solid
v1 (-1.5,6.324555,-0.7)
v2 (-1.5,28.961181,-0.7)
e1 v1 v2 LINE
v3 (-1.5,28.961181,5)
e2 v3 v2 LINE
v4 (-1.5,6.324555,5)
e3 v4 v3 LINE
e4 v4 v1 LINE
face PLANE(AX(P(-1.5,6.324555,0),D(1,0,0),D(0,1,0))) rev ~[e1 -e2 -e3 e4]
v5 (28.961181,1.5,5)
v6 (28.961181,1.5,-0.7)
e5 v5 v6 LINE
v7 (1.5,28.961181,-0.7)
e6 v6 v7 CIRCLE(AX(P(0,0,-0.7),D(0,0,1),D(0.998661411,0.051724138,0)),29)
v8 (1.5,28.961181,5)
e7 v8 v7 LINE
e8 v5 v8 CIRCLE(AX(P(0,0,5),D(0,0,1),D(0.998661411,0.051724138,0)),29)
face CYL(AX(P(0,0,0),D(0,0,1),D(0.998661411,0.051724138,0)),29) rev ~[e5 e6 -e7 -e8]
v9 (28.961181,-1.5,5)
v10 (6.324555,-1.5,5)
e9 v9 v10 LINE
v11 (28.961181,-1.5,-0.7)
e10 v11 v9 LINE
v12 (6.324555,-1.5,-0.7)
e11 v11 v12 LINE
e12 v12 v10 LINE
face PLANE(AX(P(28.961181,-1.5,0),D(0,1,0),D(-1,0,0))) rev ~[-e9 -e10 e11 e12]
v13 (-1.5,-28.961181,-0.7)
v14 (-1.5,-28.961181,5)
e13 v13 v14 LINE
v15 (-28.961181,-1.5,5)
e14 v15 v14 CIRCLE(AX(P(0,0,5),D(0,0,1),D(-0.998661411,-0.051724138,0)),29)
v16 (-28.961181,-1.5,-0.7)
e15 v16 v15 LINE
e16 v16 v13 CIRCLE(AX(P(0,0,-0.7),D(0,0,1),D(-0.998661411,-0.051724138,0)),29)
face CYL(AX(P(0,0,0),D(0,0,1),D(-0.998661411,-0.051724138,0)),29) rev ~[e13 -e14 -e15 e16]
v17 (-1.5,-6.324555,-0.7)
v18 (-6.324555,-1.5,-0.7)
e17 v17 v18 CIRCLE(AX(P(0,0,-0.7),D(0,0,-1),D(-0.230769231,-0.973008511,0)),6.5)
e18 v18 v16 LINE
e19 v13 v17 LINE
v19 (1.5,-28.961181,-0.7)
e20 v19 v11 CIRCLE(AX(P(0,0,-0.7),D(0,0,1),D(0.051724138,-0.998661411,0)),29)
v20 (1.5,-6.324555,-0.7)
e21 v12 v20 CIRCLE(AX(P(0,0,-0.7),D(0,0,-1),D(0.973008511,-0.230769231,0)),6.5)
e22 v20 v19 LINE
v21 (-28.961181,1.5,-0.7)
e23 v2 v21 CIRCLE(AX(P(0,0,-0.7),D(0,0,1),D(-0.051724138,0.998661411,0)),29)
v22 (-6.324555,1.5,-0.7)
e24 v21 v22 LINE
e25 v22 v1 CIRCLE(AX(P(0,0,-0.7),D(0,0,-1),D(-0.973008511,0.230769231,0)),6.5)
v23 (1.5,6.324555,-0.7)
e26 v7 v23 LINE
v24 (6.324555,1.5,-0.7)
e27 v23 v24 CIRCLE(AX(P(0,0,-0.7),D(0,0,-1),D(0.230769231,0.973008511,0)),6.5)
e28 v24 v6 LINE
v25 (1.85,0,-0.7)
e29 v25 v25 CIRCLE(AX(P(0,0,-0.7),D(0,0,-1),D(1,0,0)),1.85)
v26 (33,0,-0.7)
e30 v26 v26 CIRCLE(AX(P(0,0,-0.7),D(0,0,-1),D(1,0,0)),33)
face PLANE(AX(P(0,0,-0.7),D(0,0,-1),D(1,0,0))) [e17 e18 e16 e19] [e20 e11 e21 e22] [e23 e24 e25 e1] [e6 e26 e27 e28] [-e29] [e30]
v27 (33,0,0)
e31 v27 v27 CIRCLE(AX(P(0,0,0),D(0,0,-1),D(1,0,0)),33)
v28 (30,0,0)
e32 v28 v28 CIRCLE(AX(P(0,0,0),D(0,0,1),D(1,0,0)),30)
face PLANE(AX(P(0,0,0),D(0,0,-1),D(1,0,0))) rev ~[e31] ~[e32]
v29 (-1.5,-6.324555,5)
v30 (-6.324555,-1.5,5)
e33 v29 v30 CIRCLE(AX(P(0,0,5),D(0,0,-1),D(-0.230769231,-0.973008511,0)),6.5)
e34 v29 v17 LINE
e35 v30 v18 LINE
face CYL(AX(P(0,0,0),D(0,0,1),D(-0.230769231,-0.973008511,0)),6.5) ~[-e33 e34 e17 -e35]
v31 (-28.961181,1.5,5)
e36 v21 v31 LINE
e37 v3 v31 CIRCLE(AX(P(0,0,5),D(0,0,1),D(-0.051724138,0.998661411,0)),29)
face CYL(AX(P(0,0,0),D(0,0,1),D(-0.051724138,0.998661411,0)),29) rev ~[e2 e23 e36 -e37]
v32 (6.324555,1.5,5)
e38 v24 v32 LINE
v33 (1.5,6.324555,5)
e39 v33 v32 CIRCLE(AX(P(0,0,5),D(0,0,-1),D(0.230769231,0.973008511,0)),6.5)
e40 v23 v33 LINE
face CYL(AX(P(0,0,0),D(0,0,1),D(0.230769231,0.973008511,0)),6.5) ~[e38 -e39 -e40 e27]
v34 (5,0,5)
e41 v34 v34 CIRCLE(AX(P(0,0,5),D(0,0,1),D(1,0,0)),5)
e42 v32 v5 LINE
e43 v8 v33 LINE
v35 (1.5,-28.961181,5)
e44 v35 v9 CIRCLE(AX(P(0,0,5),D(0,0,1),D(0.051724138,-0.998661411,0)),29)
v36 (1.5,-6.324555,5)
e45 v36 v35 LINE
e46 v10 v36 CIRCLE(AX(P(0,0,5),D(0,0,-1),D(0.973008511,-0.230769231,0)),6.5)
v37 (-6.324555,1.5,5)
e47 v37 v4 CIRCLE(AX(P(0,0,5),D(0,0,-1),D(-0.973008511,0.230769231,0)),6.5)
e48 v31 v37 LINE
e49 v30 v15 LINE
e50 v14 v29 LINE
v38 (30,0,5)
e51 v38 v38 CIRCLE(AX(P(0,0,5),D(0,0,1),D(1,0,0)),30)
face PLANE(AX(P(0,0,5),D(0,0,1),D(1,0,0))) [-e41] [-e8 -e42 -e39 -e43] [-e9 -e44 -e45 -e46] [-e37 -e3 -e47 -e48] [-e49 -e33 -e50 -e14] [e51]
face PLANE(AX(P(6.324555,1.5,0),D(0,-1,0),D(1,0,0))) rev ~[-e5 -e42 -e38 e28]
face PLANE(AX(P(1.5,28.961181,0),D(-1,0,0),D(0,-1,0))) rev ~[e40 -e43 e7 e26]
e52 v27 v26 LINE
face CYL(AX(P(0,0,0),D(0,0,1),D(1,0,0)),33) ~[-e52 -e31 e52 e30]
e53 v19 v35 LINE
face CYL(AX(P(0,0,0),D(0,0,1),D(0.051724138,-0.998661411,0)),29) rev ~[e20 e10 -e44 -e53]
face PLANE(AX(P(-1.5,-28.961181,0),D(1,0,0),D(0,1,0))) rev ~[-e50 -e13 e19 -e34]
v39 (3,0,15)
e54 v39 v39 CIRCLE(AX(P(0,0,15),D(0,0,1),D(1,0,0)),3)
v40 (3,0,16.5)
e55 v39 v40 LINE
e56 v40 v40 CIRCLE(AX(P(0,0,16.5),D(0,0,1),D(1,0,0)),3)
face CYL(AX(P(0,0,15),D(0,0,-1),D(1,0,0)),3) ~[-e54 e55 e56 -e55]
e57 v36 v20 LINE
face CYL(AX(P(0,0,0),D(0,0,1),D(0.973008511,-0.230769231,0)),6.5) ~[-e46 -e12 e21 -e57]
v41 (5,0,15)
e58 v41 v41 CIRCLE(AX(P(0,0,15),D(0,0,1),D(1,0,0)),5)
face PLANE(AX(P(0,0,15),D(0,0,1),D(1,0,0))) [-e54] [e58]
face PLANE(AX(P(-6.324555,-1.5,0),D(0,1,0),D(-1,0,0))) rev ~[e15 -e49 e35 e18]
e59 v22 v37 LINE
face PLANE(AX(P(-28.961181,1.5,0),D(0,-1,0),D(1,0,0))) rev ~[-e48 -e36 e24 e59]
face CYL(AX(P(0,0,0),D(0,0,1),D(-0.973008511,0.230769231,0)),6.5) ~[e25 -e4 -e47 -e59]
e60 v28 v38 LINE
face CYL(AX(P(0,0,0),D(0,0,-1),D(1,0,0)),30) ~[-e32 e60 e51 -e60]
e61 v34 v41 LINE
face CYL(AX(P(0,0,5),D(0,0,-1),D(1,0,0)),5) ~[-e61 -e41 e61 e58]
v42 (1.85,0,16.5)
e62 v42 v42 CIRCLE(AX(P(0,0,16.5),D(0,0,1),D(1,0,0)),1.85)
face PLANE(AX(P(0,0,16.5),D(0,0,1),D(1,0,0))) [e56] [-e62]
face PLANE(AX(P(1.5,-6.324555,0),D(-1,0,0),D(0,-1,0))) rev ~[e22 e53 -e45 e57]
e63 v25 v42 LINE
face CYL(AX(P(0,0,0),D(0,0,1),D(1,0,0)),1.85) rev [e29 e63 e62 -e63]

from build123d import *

# Parameters (mm, degrees)
F0_R      = 30
F1_DEPTH  = 5
F2_R      = 5
F3_DEPTH  = 10
F4_R      = 1.85
F5_DEPTH  = 15
F6_R      = 3
F6_R_2    = 1.85
F7_DEPTH  = 1.5
F9_DEPTH  = 5
F10_R     = 33
F10_R_2   = 30
F10_R_3   = 1.85
F11_DEPTH = 0.7


with BuildPart() as f1:
    # F0 (on Top) → F1 (new body)
    with BuildSketch(Plane.XY):
        Circle(F0_R)
    extrude(amount=F1_DEPTH)

    # F2 (on face) → F3 (join)
    with BuildSketch(Plane.XY.offset(5)):
        Circle(F2_R)
    extrude(amount=F3_DEPTH)

    # F4 (on face) → F5 (cut, through all)
    with BuildSketch(Plane.XY.offset(15)):
        Circle(F4_R)
    extrude(amount=-F5_DEPTH, mode=Mode.SUBTRACT)

    # F6 (on face) → F7 (join)
    with BuildSketch(Plane.XY.offset(15)):
        Circle(F6_R)
        Circle(F6_R_2, mode=Mode.SUBTRACT)
    extrude(amount=F7_DEPTH)

    # F8 (on face) → F9 (cut, through all)
    with BuildSketch(Plane.XY.offset(5)):
        with BuildLine():
            Line((6.3245553203, 1.5), (28.9611809151, 1.5))
            ThreePointArc((28.9611809151, 1.5), (20.5060966544, 20.5060966544), (1.5, 28.9611809151))
            Line((1.5, 28.9611809151), (1.5, 6.3245553203))
            ThreePointArc((1.5, 6.3245553203), (4.5961940777, 4.5961940777), (6.3245553203, 1.5))
        make_face()
        with BuildLine():
            Line((-1.5, 6.3245553203), (-1.5, 28.9611809151))
            ThreePointArc((-1.5, 28.9611809151), (-20.5060966544, 20.5060966544), (-28.9611809151, 1.5))
            Line((-28.9611809151, 1.5), (-6.3245553203, 1.5))
            ThreePointArc((-6.3245553203, 1.5), (-4.5961940777, 4.5961940777), (-1.5, 6.3245553203))
        make_face()
        with BuildLine():
            ThreePointArc((-28.9611809151, -1.5), (-20.5060966544, -20.5060966544), (-1.5, -28.9611809151))
            Line((-1.5, -28.9611809151), (-1.5, -6.3245553203))
            ThreePointArc((-1.5, -6.3245553203), (-4.5961940777, -4.5961940777), (-6.3245553203, -1.5))
            Line((-6.3245553203, -1.5), (-28.9611809151, -1.5))
        make_face()
        with BuildLine():
            ThreePointArc((1.5, -28.9611809151), (20.5060966544, -20.5060966544), (28.9611809151, -1.5))
            Line((28.9611809151, -1.5), (6.3245553203, -1.5))
            ThreePointArc((6.3245553203, -1.5), (4.5961940777, -4.5961940777), (1.5, -6.3245553203))
            Line((1.5, -6.3245553203), (1.5, -28.9611809151))
        make_face()
    extrude(amount=-F9_DEPTH, mode=Mode.SUBTRACT)

    # F10 (on face) → F11 (join)
    with BuildSketch(Plane(origin=(0, 0, 0), x_dir=(1, 0, 0), z_dir=(0, 0, -1))):
        Circle(F10_R)
        Circle(F10_R_2, mode=Mode.SUBTRACT)
        Circle(F10_R_2)
        with BuildLine():
            Line((-1.5, -6.3245553203), (-1.5, -28.9611809151))
            ThreePointArc((-1.5, -28.9611809151), (-20.5060966544, -20.5060966544), (-28.9611809151, -1.5))
            Line((-28.9611809151, -1.5), (-6.3245553203, -1.5))
            ThreePointArc((-6.3245553203, -1.5), (-4.5961940777, -4.5961940777), (-1.5, -6.3245553203))
        make_face(mode=Mode.SUBTRACT)
        with BuildLine():
            ThreePointArc((28.9611809151, -1.5), (20.5060966544, -20.5060966544), (1.5, -28.9611809151))
            Line((1.5, -28.9611809151), (1.5, -6.3245553203))
            ThreePointArc((1.5, -6.3245553203), (4.5961940777, -4.5961940777), (6.3245553203, -1.5))
            Line((6.3245553203, -1.5), (28.9611809151, -1.5))
        make_face(mode=Mode.SUBTRACT)
        with BuildLine():
            ThreePointArc((-1.5, 6.3245553203), (-4.5961940777, 4.5961940777), (-6.3245553203, 1.5))
            Line((-6.3245553203, 1.5), (-28.9611809151, 1.5))
            ThreePointArc((-28.9611809151, 1.5), (-20.5060966544, 20.5060966544), (-1.5, 28.9611809151))
            Line((-1.5, 28.9611809151), (-1.5, 6.3245553203))
        make_face(mode=Mode.SUBTRACT)
        Circle(F10_R_3, mode=Mode.SUBTRACT)
        with BuildLine():
            Line((1.5, 6.3245553203), (1.5, 28.9611809151))
            ThreePointArc((1.5, 28.9611809151), (20.5060966544, 20.5060966544), (28.9611809151, 1.5))
            Line((28.9611809151, 1.5), (6.3245553203, 1.5))
            ThreePointArc((6.3245553203, 1.5), (4.5961940777, 4.5961940777), (1.5, 6.3245553203))
        make_face(mode=Mode.SUBTRACT)
    extrude(amount=F11_DEPTH)


solid = f1.part
